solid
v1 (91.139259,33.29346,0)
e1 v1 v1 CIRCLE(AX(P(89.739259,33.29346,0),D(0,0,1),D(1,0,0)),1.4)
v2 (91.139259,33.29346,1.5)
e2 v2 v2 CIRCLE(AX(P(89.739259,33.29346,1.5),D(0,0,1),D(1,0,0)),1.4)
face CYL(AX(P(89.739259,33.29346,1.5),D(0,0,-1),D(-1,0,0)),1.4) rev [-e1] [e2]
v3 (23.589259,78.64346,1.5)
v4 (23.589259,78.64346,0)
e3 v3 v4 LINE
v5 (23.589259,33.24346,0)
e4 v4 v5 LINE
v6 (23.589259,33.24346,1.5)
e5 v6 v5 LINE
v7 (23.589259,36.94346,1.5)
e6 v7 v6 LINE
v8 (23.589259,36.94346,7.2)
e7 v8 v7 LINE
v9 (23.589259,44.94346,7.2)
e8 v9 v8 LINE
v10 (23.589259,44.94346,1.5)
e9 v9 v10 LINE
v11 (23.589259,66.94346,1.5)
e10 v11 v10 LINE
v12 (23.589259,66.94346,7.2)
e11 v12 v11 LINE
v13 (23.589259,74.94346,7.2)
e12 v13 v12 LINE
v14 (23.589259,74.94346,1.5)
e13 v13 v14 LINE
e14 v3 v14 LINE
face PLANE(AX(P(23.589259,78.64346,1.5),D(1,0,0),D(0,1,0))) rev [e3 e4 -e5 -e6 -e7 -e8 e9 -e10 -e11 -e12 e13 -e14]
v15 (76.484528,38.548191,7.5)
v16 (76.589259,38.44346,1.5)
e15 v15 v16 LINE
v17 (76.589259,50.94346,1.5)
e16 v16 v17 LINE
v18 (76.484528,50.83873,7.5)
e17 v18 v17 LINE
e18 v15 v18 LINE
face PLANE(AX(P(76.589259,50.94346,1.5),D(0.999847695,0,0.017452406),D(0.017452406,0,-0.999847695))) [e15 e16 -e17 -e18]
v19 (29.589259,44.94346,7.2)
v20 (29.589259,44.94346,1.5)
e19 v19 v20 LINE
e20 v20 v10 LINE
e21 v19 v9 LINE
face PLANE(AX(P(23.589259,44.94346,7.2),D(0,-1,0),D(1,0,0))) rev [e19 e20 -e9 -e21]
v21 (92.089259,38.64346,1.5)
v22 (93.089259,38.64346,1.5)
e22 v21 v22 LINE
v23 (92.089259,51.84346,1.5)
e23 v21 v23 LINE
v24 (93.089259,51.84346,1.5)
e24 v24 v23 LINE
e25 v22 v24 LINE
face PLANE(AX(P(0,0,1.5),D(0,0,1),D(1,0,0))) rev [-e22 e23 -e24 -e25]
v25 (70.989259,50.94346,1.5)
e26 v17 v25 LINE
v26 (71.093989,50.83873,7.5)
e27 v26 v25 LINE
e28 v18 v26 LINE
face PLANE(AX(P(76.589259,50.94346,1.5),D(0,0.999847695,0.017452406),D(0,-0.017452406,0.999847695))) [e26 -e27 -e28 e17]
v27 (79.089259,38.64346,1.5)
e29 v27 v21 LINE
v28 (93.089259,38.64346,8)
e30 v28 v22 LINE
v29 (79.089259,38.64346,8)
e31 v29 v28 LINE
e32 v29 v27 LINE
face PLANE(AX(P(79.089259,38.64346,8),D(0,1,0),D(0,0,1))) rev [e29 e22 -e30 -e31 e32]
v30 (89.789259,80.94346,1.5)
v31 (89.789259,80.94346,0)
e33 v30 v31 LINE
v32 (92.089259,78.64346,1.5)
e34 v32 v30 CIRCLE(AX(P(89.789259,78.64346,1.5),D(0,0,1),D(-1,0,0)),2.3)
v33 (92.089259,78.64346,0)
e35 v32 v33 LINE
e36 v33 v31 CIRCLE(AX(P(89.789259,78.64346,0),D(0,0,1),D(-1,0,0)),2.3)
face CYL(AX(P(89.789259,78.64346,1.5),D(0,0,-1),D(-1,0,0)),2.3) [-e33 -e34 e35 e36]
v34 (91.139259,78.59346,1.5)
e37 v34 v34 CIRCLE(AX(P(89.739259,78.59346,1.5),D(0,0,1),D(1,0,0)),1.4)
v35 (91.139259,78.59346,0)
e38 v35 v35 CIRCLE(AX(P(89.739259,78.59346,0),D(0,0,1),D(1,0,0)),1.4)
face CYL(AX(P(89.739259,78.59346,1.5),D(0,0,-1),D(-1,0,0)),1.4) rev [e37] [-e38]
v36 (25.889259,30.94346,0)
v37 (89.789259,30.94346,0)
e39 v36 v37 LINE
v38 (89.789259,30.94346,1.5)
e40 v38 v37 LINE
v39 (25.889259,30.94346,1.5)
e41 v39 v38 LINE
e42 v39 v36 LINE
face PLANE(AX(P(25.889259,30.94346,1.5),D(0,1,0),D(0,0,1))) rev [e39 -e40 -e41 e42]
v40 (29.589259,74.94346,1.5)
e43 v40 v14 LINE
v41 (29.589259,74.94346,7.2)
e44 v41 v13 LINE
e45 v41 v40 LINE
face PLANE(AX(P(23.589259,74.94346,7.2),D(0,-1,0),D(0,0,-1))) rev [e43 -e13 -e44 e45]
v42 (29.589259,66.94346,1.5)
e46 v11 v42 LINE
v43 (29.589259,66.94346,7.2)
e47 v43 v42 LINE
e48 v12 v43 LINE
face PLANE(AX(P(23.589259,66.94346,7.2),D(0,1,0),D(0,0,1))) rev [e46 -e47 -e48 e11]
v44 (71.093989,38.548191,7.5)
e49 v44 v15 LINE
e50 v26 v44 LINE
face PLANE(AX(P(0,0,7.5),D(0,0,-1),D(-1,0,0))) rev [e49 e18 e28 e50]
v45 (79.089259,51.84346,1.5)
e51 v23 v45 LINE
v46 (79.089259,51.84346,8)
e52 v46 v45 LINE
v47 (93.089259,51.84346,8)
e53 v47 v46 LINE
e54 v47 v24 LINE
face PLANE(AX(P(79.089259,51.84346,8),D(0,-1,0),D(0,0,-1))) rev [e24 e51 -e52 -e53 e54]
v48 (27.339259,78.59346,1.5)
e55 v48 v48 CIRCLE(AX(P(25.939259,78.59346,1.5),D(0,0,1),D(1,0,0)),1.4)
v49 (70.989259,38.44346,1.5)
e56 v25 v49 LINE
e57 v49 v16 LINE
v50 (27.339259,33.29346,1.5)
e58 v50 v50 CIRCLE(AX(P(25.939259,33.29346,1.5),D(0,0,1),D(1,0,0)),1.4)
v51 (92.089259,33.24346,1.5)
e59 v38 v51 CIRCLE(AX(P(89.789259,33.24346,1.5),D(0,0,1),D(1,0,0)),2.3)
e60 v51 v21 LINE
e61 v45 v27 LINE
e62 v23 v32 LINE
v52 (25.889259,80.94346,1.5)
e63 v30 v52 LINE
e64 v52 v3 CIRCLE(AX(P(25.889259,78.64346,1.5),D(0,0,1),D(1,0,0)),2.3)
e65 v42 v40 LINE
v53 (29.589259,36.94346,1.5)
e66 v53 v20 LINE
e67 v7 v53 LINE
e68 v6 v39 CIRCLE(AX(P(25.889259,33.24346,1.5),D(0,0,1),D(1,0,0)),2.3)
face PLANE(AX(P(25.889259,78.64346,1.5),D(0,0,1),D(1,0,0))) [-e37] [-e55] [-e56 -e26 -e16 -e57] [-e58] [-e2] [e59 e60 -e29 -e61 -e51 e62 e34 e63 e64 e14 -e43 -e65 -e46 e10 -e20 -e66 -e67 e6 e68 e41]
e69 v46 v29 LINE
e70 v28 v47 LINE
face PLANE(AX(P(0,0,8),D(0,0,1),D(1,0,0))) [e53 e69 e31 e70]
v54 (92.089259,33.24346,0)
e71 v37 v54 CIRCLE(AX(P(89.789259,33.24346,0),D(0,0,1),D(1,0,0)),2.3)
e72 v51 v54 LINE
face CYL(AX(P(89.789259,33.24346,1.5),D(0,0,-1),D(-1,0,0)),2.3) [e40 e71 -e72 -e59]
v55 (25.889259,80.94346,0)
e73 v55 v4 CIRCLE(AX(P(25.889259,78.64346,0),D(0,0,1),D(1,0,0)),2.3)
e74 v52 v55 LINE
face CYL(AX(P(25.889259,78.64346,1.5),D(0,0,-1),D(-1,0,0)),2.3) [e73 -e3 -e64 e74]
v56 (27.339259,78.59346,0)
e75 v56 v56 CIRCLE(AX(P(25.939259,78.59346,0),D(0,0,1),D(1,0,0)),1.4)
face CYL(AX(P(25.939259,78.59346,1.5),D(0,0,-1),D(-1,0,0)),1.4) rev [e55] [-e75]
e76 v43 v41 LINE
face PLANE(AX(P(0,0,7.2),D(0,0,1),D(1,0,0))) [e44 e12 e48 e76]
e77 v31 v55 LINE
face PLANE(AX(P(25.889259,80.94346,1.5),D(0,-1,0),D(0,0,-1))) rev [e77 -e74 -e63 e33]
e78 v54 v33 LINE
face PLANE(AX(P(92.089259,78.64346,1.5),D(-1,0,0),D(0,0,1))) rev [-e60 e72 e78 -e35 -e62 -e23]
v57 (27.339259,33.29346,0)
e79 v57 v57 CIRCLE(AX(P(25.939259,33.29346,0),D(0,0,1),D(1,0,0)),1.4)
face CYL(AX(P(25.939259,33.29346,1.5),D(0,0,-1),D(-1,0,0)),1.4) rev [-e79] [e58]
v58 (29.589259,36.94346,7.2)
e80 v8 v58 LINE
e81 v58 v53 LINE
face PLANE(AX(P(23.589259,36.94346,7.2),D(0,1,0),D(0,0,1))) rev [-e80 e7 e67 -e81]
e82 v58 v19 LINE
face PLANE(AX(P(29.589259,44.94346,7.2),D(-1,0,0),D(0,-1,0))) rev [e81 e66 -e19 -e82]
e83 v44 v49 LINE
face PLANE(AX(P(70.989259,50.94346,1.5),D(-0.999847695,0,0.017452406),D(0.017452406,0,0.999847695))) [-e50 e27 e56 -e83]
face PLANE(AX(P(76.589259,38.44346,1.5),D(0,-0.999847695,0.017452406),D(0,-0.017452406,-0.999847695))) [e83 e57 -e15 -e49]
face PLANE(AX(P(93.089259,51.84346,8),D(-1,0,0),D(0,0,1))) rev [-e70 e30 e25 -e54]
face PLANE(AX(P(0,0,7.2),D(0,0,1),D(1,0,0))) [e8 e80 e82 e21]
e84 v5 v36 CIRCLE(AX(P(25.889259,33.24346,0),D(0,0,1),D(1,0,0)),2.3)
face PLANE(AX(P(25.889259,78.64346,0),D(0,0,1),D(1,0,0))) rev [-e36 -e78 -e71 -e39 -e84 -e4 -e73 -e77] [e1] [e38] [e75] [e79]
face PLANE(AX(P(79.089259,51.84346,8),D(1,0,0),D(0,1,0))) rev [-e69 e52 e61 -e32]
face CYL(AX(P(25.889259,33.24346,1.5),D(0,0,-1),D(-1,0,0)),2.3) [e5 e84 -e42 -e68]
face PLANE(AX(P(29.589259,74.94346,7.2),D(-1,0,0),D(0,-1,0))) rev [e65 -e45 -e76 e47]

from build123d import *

# Parameters (mm, degrees)
SKETCH_1_R      = 1.4
EXTRUDE_1_DEPTH = 1.5
SKETCH_2_W      = 14
SKETCH_2_H      = 13.2
EXTRUDE_2_DEPTH = 6.5
SKETCH_3_W      = 5.6
SKETCH_3_H      = 12.5
EXTRUDE_3_DEPTH = 6
EXTRUDE_3_TAPER = 1
SKETCH_4_W      = 6
SKETCH_4_H      = 8
EXTRUDE_4_DEPTH = 5.7


with BuildPart() as part:
    # 草圖1 → 填料-伸長1 (new body)
    with BuildSketch(Plane.XY):
        with BuildLine():
            Line((25.889258578, 80.943460251), (89.789258578, 80.943460251))
            ThreePointArc((89.789258578, 80.943460251), (91.415604175, 80.269805848), (92.089258578, 78.643460251))
            Line((92.089258578, 78.643460251), (92.089258578, 33.243460251))
            ThreePointArc((92.089258578, 33.243460251), (91.415604175, 31.617114655), (89.789258578, 30.943460251))
            Line((89.789258578, 30.943460251), (25.889258578, 30.943460251))
            ThreePointArc((25.889258578, 30.943460251), (24.262912981, 31.617114655), (23.589258578, 33.243460251))
            Line((23.589258578, 33.243460251), (23.589258578, 78.643460251))
            ThreePointArc((23.589258578, 78.643460251), (24.262912981, 80.269805848), (25.889258578, 80.943460251))
        make_face()
        with Locations((25.939258578, 78.593460251)):
            Circle(SKETCH_1_R, mode=Mode.SUBTRACT)
        with Locations((25.939258578, 33.293460251)):
            Circle(SKETCH_1_R, mode=Mode.SUBTRACT)
        with Locations((89.739258578, 33.293460251)):
            Circle(SKETCH_1_R, mode=Mode.SUBTRACT)
        with Locations((89.739258578, 78.593460251)):
            Circle(SKETCH_1_R, mode=Mode.SUBTRACT)
    extrude(amount=EXTRUDE_1_DEPTH)

    # 草圖2 → 填料-伸長2 (add)
    with BuildSketch(Plane.XY.offset(1.5)):
        with Locations((86.089258578, 45.243460251)):
            Rectangle(SKETCH_2_W, SKETCH_2_H)
    extrude(amount=EXTRUDE_2_DEPTH)

    # 草圖3 → 填料-伸長3 (add)
    with BuildSketch(Plane.XY.offset(1.5)):
        with Locations((73.789258578, 44.693460251)):
            Rectangle(SKETCH_3_W, SKETCH_3_H)
    extrude(amount=EXTRUDE_3_DEPTH, taper=EXTRUDE_3_TAPER)

    # 草圖4 → 填料-伸長4 (add)
    with BuildSketch(Plane.XY.offset(1.5)):
        with Locations((26.589258578, 70.943460251)):
            Rectangle(SKETCH_4_W, SKETCH_4_H)
        with Locations((26.589258578, 40.943460251)):
            Rectangle(SKETCH_4_W, SKETCH_4_H)
    extrude(amount=EXTRUDE_4_DEPTH)


solid = part.part
